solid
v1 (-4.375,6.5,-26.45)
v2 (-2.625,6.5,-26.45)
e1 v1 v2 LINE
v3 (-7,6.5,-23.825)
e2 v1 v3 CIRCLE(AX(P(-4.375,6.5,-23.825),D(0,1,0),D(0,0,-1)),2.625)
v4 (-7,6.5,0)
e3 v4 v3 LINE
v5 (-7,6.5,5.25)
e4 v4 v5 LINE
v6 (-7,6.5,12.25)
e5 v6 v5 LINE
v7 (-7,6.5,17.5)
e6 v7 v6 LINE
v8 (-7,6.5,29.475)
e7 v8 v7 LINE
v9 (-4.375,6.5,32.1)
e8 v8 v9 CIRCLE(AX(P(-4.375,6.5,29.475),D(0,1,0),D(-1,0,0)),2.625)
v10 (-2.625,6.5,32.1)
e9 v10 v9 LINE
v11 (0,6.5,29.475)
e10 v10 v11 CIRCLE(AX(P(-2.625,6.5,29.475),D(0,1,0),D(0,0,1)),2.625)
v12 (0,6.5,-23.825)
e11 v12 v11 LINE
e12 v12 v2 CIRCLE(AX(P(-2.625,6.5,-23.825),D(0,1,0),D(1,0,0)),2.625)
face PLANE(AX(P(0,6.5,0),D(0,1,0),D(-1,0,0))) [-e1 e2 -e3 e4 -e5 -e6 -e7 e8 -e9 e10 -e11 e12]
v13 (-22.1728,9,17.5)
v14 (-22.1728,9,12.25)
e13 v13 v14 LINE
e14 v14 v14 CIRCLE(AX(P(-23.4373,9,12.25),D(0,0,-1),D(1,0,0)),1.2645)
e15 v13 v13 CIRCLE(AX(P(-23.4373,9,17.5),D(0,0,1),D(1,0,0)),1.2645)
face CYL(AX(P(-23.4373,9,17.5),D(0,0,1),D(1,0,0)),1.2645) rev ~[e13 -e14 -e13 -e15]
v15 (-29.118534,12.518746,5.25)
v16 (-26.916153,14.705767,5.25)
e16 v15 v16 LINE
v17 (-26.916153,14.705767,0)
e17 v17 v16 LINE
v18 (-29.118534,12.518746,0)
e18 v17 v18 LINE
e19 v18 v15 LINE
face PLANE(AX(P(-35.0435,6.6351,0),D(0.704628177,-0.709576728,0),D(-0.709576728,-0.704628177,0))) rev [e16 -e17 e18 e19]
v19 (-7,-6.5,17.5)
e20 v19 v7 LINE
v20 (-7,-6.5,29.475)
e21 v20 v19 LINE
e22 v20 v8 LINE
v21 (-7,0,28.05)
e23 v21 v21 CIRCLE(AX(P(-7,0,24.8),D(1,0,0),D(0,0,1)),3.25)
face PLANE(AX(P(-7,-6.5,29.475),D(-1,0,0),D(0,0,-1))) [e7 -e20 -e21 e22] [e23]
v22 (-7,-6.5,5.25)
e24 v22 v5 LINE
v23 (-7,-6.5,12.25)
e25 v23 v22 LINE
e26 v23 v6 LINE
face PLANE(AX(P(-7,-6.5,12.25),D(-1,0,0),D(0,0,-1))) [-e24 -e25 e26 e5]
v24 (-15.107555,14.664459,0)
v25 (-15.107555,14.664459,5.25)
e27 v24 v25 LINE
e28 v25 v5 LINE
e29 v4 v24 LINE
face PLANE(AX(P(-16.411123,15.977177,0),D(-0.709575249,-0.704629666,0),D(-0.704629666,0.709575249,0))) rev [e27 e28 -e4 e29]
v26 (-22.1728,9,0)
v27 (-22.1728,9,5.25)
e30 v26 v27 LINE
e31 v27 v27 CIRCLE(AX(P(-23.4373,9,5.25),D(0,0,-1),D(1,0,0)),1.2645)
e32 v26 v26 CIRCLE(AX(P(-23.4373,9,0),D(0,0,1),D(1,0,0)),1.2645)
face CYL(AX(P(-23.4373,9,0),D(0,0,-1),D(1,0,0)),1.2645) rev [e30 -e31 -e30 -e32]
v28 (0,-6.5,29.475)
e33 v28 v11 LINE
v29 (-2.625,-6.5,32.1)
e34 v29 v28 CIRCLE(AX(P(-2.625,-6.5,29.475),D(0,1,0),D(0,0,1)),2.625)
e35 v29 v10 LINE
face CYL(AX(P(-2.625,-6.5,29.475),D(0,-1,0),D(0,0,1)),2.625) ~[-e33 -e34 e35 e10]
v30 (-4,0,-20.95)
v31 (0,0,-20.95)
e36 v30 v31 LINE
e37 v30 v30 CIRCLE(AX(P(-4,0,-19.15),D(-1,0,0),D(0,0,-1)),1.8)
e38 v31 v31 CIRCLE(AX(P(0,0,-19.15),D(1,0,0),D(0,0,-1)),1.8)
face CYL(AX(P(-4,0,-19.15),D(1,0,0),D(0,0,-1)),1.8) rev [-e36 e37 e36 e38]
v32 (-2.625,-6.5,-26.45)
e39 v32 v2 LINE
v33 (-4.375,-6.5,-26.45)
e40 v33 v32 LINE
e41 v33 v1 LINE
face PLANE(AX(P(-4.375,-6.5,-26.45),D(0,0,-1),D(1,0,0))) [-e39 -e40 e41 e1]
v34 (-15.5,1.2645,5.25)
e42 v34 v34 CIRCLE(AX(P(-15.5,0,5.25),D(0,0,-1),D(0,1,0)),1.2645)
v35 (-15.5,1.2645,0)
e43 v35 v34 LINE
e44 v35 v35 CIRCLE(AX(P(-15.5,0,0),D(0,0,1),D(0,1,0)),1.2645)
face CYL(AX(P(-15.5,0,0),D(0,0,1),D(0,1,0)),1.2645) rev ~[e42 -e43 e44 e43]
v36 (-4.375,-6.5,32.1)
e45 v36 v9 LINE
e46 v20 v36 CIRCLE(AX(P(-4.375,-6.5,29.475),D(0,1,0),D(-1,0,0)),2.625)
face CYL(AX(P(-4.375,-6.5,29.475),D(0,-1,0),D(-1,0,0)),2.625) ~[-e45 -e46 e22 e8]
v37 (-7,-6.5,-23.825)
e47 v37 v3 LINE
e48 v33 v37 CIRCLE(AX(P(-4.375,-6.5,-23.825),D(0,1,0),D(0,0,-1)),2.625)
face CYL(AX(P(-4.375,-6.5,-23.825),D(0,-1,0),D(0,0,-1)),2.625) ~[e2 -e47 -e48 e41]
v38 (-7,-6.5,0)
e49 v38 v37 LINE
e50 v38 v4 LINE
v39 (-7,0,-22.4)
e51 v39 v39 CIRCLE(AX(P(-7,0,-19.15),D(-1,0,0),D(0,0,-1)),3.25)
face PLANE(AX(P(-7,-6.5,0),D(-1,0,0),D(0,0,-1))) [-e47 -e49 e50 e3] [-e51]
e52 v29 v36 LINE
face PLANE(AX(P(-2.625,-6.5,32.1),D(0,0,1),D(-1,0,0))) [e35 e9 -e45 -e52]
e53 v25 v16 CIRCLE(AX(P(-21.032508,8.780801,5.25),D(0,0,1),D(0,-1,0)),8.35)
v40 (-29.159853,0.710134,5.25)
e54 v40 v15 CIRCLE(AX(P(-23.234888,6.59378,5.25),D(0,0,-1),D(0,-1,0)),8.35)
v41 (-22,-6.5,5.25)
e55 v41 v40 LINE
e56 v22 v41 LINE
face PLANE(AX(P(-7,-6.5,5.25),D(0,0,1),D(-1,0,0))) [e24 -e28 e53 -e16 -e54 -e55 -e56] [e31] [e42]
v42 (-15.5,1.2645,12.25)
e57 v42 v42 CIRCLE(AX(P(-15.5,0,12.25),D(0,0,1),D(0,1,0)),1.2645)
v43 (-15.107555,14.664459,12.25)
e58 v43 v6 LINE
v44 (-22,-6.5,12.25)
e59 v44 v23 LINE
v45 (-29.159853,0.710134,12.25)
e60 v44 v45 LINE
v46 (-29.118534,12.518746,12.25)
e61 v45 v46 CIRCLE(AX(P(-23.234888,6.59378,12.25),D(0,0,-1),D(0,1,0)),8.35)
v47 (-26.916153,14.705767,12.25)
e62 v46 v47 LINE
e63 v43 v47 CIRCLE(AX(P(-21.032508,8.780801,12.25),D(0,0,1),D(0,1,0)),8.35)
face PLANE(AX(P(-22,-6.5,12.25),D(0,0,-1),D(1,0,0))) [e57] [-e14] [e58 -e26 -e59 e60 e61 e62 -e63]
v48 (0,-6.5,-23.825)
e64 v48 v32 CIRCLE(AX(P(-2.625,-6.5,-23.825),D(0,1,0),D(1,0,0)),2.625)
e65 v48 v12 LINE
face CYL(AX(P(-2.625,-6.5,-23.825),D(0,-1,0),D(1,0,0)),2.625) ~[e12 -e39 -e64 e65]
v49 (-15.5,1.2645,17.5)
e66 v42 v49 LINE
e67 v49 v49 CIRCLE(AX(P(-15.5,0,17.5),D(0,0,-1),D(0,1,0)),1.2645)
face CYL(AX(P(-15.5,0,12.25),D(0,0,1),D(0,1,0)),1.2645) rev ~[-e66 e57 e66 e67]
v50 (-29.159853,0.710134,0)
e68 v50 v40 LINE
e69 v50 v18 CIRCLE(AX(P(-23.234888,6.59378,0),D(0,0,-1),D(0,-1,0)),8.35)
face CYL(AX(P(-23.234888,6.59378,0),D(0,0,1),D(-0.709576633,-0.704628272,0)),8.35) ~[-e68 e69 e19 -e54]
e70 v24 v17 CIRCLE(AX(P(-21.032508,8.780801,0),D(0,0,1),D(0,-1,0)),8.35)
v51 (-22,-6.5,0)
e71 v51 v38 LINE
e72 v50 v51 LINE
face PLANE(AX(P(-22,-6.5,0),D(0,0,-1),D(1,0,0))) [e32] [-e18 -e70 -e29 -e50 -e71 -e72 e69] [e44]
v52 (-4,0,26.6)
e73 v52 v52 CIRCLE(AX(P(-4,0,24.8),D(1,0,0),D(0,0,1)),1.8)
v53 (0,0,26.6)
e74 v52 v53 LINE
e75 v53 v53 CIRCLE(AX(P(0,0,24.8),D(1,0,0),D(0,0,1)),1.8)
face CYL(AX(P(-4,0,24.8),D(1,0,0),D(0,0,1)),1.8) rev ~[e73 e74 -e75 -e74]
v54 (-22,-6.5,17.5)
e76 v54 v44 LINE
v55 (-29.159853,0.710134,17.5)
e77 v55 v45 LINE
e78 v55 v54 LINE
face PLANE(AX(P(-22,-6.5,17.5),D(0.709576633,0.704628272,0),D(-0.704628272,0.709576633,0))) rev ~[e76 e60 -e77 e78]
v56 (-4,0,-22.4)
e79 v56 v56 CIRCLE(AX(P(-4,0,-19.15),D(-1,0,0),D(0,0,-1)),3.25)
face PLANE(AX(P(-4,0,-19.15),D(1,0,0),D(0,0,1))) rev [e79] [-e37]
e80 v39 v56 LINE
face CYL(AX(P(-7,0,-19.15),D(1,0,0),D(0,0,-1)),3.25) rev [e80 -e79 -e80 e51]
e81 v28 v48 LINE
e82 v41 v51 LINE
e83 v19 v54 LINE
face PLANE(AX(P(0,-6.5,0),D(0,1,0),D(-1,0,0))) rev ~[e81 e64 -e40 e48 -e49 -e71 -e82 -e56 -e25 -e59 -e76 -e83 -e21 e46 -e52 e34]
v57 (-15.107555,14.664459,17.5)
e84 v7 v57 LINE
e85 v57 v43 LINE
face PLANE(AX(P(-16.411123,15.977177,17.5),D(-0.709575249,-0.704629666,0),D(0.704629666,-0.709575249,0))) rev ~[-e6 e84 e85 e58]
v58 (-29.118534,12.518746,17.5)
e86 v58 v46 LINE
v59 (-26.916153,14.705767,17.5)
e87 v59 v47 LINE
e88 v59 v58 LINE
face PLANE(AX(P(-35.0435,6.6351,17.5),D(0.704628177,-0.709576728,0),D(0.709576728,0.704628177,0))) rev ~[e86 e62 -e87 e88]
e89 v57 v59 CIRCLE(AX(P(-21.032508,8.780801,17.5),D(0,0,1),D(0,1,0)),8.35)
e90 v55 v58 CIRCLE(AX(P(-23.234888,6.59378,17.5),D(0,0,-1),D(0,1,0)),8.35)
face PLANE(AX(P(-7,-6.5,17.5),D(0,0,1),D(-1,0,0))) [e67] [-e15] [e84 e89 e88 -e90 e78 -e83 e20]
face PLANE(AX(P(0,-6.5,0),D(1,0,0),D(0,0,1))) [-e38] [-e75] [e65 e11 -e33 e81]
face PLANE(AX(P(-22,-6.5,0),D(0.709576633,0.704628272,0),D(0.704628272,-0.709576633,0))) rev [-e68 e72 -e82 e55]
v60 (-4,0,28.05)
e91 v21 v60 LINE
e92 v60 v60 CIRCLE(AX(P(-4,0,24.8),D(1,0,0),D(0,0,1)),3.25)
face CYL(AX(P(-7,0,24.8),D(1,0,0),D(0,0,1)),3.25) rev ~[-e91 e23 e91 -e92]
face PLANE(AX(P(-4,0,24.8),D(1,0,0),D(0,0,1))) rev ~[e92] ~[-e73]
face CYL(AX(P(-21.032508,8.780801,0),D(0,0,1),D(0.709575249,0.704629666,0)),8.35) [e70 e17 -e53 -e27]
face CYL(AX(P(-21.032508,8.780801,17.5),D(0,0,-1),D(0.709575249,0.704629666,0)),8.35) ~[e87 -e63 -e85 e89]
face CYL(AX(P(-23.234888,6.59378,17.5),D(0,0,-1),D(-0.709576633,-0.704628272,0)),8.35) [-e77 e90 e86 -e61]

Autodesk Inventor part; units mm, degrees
ref_plane "Work Plane1" through (0, -6.5, 0) normal (0, 1, 0) x (-1, 0, 0)
sketch "Sketch1" plane through (0, -6.5, 0) normal (0, 1, 0) x (-1, 0, 0)
  line L0 (0, 0) -> (0, 29.475)
  arc A0 (2.625, 32.1) -> (0, 29.475) centre (2.625, 29.475) ccw
  line L1 (7, 29.475) -> (7, 17.5)
  line L2 (22, 12.25) -> (7, 12.25)
  line L3 (2.625, 32.1) -> (4.375, 32.1)
  line L4 (7, 12.25) -> (7, 5.25)
  arc A1 (7, 29.475) -> (4.375, 32.1) centre (4.375, 29.475) ccw
  line L5 (7, 17.5) -> (22, 17.5)
  line L6 (22, 0) -> (0, 0)
  line L7 (7, 5.25) -> (22, 5.25)
  line L8 (0, 0) -> (7, 0)
  line L9 (7, 0) -> (7, -23.825)
  line L10 (4.375, -26.45) -> (2.625, -26.45)
  line L11 (0, -23.825) -> (0, 0)
  arc A2 (0, -23.825) -> (2.625, -26.45) centre (2.625, -23.825) ccw
  arc A3 (4.375, -26.45) -> (7, -23.825) centre (4.375, -23.825) ccw
  line L12 (22, 17.5) -> (22, 12.25)
  line L13 (22, 5.25) -> (22, 0)
  point P0 (0, 0)
  point P1 (7, 0)
  dimension "d35" = 7
  dimension "d36" = 7
  dimension "d38" = 5.25
  dimension "d39" = 14.6
  dimension "d48" = 2.625
  dimension "d49" = 2.625
  dimension "d50" = 23.825
  dimension "d53" = 15
extrude "Extrusion2" add sketch "Sketch1" along normal blind 13
hole "Hole3" at (-15.5, 0, 12.25) direction (0, 0, 1) diameter 2.529 depth 5.25
sketch "Sketch3" plane through (-7, -6.5, 12.25) normal (0, 0, -1) x (-1, 0, 0)
  line L0 (0, 0) -> (0, 13) projected
  line L1 (0, 13) -> (15, 13) projected
  point P0 (8.5, 6.5)
  point P1 (12.375, 13)
  dimension "d51" = 8.5
  dimension "d52" = 6.5
hole "Hole1" at (-15.5, 0, 0) direction (0, 0, 1) diameter 2.529 depth 5.25
sketch "Sketch6" plane through (-19.375, -6.5, 17.5) normal (0, 0, 1) x (1, 0, 0)
  circle A0 centre (-4.0623, 15.5) radius 4.5
  circle A1 centre (3.875, 6.5) radius 4.5
  circle A2 centre (3.875, 6.5) radius 1.2645 projected
  line L0 (-2.625, 0) -> (12.375, 0) projected
  line L1 (12.375, 0) -> (12.375, 13) projected
  line L2 (-2.625, 13) -> (12.375, 13) projected
  circle A3 centre (3.875, 6.5) radius 1.2645 projected
  circle A4 centre (-4.0623, 15.5) radius 6.5
  circle A5 centre (3.875, 6.5) radius 6.5
  line L3 (3.875, 11) -> (-4.0623, 11)
  line L4 (0, 0) -> (0, 0)
  line L5 (0, 0) -> (0, 13)
  line L6 (0, 13) -> (0, 13)
  line L7 (0, 0) -> (0, 13)
  line L8 (-2.625, 0) -> (-2.625, 13.3311)
  line L9 (-2.625, 0) -> (-15.6685, 13.1351)
  line L10 (-15.6685, 13.1351) -> (-1.6162, 27.0894)
  line L11 (12.375, 0) -> (12.375, 13) projected
  line L12 (-1.6162, 27.0894) -> (12.375, 13)
  line L13 (2.9639, 22.4772) -> (-11.0884, 8.5228)
  circle A6 centre (-4.0623, 15.5) radius 1.2645
  line L14 (-2.625, 0) -> (-2.625, 13) projected
  point P0 (19.375, 6.5)
  point P1 (-2.625, 11)
  point P2 (-0.8154, 11)
  point P3 (-2.625, 1.1851)
  point P4 (3.875, 13)
  point P5 (3.875, 0)
  point P6 (-2.625, 11)
  point P7 (-2.625, 6.5)
  dimension "d26" = 9
  dimension "d27" = 9
  dimension "d28" = 2
  dimension "d29" = 2
  dimension "d30" = 1
extrude "Extrusion4" add sketch "Sketch6" against normal up to surface (5.25 mm away) contours A0 L2 L8 L13 A6 | A0 L13 A4 L2 | L13 A6 A0 | A0 L13 A4 | L2 L5 A5 L3 L8 A0 | A0 L8 L2 | A0 L3 L8 A4 L13 | L13 L12 L2 A4 | A4 L10 L12 L13 | L8 L3 A0 | L2 A4 A5 L5 | L13 L9 L10 A4 | A4 L8 L9 L13 | L3 A5 A4 L8 | L2 A5 A4 | L5 L3 A5 | A5 A4 L3 L5 | A4 A5 L8 | L1 L0 A5 L2 | L3 L5 A4 A5 | A5 L5 A1 L3 A4 | L3 A4 L5 | A4 L5 A1 A5 | A5 L5 L0 L8 | L3 A1 L5 A4 | A5 L0 L5 | A1 L5 | L5 A1
ref_plane "Work Plane2" through (-7, -6.5, 8.75) normal (0, 0, -1) x (-1, 0, 0)
mirror "Mirror1" about plane through (-7, -6.5, 8.75) normal (0, 0, -1) of "Extrusion4"
fillet "Fillet1" radius 8.35 4 edges at (-35.0435, 6.6351, 14.875) (-20.9912, 20.5894, 14.875) (-20.9912, 20.5894, 2.625) (-35.0435, 6.6351, 2.625)
sketch "Sketch8" plane through (-7, -6.5, 5.25) normal (-1, 0, 0) x (0, 0, 1)
  line L0 (0, 0) -> (7, 0) projected
  line L1 (7, 0) -> (7, 13) projected
  line L2 (0, 13) -> (7, 13) projected
  line L3 (0, 0) -> (0, 13) projected
  line L4 (12.25, 0) -> (24.225, 0) projected
  line L5 (24.225, 0) -> (24.225, 13) projected
  line L6 (12.25, 13) -> (24.225, 13) projected
  line L7 (12.25, 0) -> (12.25, 13) projected
  line L8 (24.225, 0) -> (26.85, 0) projected
  line L9 (26.85, 0) -> (26.85, 13) projected
  line L10 (24.225, 13) -> (26.85, 13) projected
  line L11 (24.225, 0) -> (24.225, 13) projected
  line L12 (26.85, 0) -> (26.85, 13) construction
  line L13 (26.85, 13) -> (12.25, 0) construction
  point P0 (-5.25, 6.5)
  point P1 (19.55, 6.5)
  point P2 (19.55, 6.5)
hole "Hole5" at (-7, 0, 24.8) direction (1, 0, 0) diameter 3.6 end through all counterbore diameter 6.5 counterbore depth 3 clearance for "Socket Head Cap Screw" size "M3" standard "Ansi Metric M Profile"
ref_plane "Work Plane3" through (-2.625, -6.5, 2.825) normal (0, 0, -1) x (-1, 0, 0)
mirror "Mirror2" about plane through (-2.625, -6.5, 2.825) normal (0, 0, -1) of "Hole5"
sketch "Sketch5" plane through (0, -6.5, 0) normal (0, 0, -1) x (-1, 0, 0)
  circle A0 centre (15.5, 6.5) radius 1.2645 projected
ref_plane "Work Plane4" through (-2.625, -6.5, 2.825) normal (0, 0, -1) x (-1, 0, 0)
properties part number "Idle belt holder"
